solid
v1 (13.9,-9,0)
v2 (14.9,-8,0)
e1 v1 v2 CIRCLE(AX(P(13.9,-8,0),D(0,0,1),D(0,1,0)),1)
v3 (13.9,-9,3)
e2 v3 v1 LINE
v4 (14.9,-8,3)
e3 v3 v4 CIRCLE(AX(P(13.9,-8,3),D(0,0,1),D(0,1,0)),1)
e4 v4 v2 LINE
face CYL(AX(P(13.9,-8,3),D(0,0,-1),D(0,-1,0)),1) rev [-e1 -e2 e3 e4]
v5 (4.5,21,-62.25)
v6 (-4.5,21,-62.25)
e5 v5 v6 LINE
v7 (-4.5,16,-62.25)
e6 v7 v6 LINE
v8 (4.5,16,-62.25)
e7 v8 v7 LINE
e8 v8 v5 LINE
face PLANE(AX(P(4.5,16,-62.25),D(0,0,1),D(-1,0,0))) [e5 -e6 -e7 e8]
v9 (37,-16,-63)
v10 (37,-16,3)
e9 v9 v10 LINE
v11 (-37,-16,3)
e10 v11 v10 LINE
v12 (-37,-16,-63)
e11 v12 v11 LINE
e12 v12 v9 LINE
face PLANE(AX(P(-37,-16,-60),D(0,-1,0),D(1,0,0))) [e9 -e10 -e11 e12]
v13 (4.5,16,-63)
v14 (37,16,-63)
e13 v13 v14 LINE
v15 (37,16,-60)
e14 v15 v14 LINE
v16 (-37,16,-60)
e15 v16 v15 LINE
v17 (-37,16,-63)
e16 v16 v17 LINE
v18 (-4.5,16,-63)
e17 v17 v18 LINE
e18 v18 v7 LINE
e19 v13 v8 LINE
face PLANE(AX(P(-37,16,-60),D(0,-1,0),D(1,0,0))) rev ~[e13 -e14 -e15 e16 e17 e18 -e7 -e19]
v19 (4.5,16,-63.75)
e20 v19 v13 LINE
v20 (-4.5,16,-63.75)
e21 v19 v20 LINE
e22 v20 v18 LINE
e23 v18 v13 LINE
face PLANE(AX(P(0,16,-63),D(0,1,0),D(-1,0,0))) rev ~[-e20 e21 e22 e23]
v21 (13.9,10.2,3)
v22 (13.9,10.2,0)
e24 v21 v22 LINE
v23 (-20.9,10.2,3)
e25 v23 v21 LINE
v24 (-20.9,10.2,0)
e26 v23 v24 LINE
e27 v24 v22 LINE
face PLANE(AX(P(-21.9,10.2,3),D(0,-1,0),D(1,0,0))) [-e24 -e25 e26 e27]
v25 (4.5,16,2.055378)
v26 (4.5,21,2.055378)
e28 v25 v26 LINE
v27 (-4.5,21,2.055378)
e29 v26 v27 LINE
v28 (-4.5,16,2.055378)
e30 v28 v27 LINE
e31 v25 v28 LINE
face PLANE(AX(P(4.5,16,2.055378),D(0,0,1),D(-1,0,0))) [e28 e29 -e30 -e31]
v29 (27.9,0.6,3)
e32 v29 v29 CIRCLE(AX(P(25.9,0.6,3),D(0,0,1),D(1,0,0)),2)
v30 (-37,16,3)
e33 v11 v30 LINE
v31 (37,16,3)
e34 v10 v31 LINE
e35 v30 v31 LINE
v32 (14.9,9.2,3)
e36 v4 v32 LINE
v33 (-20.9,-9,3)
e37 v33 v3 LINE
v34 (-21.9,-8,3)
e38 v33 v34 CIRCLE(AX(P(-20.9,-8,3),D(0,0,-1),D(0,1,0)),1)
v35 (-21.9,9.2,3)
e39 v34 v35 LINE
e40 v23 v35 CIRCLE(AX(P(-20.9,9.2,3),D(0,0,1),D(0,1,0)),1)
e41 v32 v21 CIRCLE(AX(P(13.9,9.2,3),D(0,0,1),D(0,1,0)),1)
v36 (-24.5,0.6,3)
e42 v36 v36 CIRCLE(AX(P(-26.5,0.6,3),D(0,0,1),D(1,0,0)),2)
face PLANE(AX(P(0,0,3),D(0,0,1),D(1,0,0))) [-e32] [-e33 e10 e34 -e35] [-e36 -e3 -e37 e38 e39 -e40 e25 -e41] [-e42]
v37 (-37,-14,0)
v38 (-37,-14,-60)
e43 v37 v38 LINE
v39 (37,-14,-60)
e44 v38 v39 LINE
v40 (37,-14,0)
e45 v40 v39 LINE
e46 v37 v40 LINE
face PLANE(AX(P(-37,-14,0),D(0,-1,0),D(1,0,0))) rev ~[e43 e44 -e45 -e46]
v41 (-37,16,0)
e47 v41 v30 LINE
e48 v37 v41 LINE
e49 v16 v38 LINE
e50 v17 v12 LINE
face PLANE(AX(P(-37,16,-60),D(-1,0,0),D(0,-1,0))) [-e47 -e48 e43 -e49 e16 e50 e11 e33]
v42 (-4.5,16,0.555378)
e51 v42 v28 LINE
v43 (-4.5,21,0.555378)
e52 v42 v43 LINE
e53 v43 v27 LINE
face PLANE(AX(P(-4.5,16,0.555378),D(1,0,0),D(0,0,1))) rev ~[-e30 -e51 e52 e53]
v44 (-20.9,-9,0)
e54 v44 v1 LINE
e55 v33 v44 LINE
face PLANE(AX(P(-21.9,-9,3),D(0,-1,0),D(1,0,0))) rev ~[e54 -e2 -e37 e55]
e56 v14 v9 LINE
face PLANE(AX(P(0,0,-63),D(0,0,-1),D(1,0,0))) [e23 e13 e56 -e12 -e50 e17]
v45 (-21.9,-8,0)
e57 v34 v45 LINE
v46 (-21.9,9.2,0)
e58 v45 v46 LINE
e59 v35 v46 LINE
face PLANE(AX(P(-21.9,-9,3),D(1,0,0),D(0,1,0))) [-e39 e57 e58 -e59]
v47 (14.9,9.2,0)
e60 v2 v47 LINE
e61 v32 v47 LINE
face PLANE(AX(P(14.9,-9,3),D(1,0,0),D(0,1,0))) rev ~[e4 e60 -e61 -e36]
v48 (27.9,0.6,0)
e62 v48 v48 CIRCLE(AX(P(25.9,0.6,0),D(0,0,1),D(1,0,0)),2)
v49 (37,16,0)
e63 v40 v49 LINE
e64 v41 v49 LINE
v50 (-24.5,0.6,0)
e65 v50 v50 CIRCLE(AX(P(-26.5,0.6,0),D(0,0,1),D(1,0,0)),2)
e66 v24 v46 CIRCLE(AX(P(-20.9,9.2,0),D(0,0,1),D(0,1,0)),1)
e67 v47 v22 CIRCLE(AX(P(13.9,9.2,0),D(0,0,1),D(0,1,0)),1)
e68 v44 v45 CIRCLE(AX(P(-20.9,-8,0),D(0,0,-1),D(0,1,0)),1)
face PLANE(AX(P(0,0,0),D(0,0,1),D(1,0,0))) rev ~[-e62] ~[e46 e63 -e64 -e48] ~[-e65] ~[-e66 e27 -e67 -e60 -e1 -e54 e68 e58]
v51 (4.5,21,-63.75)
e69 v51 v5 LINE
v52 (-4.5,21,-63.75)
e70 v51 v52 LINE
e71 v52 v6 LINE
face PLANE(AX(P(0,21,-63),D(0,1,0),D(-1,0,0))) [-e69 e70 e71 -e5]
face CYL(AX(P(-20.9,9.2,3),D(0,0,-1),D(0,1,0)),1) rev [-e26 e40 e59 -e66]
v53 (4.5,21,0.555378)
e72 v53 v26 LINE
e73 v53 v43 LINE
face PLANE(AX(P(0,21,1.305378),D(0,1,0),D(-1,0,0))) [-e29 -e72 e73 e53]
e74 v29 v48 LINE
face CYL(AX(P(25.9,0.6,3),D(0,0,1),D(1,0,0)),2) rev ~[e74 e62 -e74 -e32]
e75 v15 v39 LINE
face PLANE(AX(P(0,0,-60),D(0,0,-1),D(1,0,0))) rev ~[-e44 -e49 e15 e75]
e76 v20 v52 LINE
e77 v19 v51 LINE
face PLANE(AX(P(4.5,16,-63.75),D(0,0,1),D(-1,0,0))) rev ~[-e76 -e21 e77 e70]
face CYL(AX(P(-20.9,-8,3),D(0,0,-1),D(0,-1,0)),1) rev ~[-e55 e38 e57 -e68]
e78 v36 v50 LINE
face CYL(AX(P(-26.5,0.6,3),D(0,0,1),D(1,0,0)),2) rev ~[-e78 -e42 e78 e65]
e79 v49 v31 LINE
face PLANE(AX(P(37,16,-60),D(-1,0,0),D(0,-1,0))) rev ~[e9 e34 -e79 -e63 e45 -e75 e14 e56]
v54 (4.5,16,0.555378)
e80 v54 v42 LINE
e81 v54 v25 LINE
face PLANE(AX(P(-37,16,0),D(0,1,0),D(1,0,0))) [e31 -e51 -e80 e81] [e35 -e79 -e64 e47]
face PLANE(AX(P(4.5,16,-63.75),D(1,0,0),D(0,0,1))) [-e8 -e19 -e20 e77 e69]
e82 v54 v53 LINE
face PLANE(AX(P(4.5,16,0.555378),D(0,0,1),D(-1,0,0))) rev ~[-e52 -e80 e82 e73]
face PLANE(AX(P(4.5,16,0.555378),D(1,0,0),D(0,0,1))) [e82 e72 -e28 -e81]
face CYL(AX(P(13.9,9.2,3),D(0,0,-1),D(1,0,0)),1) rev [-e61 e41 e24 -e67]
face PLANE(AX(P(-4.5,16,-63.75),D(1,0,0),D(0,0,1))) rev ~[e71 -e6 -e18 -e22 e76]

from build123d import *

# Parameters (mm, degrees)
F0_W      = 74
F0_H      = 32
F1_DEPTH  = 3
F2_W      = 36.8
F2_H      = 19.2
F3_DEPTH  = 3
F4_R      = 1
F5_R      = 2
F6_DEPTH  = 25
F7_W      = 9
F7_H      = 1.5
F8_DEPTH  = 5
F9_W      = 74
F9_H      = 2
F10_DEPTH = 60
F11_W     = 74
F11_H     = 32
F12_DEPTH = 3
F13_W     = 9
F13_H     = 1.5
F14_DEPTH = 5


with BuildPart() as f1:
    # F0 (on Top) → F1 (new body)
    with BuildSketch(Plane.XY):
        Rectangle(F0_W, F0_H)
    extrude(amount=F1_DEPTH)

    # F2 (on face) → F3 (cut, through all)
    with BuildSketch(Plane.XY.offset(3)):
        with Locations((-3.5, 0.6)):
            Rectangle(F2_W, F2_H)
    extrude(amount=-F3_DEPTH, mode=Mode.SUBTRACT)

    # F4
    f4_edges = [f1.edges().sort_by_distance(p)[0] for p in [
        (-21.9, 10.2, 1.5),
        (-21.9, -9, 1.5),
        (14.9, 10.2, 1.5),
        (14.9, -9, 1.5),
    ]]
    fillet(f4_edges, radius=F4_R)

    # F5 (on face) → F6 (cut)
    with BuildSketch(Plane.XY.offset(3)):
        with Locations((-26.5, 0.6)):
            Circle(F5_R)
        with Locations((25.9, 0.6)):
            Circle(F5_R)
    extrude(amount=-F6_DEPTH, mode=Mode.SUBTRACT)

    # F7 (on face) → F8 (join)
    with BuildSketch(Plane(origin=(0, 16, 0), x_dir=(-1, 0, 0), z_dir=(0, 1, 0))):
        with Locations((0, 1.305378)):
            Rectangle(F7_W, F7_H)
    extrude(amount=F8_DEPTH)

    # F9 (on face) → F10 (join)
    with BuildSketch(Plane(origin=(0, 0, 0), x_dir=(1, 0, 0), z_dir=(0, 0, -1))):
        with Locations((0, 15)):
            Rectangle(F9_W, F9_H)
    extrude(amount=F10_DEPTH)

    # F11 (on face) → F12 (join)
    with BuildSketch(Plane(origin=(0, 0, -60), x_dir=(1, 0, 0), z_dir=(0, 0, -1))):
        Rectangle(F11_W, F11_H)
    extrude(amount=F12_DEPTH)

    # F13 (on face) → F14 (join)
    with BuildSketch(Plane(origin=(0, 16, 0), x_dir=(-1, 0, 0), z_dir=(0, 1, 0))):
        with Locations((0, -63)):
            Rectangle(F13_W, F13_H)
    extrude(amount=F14_DEPTH)


solid = f1.part
